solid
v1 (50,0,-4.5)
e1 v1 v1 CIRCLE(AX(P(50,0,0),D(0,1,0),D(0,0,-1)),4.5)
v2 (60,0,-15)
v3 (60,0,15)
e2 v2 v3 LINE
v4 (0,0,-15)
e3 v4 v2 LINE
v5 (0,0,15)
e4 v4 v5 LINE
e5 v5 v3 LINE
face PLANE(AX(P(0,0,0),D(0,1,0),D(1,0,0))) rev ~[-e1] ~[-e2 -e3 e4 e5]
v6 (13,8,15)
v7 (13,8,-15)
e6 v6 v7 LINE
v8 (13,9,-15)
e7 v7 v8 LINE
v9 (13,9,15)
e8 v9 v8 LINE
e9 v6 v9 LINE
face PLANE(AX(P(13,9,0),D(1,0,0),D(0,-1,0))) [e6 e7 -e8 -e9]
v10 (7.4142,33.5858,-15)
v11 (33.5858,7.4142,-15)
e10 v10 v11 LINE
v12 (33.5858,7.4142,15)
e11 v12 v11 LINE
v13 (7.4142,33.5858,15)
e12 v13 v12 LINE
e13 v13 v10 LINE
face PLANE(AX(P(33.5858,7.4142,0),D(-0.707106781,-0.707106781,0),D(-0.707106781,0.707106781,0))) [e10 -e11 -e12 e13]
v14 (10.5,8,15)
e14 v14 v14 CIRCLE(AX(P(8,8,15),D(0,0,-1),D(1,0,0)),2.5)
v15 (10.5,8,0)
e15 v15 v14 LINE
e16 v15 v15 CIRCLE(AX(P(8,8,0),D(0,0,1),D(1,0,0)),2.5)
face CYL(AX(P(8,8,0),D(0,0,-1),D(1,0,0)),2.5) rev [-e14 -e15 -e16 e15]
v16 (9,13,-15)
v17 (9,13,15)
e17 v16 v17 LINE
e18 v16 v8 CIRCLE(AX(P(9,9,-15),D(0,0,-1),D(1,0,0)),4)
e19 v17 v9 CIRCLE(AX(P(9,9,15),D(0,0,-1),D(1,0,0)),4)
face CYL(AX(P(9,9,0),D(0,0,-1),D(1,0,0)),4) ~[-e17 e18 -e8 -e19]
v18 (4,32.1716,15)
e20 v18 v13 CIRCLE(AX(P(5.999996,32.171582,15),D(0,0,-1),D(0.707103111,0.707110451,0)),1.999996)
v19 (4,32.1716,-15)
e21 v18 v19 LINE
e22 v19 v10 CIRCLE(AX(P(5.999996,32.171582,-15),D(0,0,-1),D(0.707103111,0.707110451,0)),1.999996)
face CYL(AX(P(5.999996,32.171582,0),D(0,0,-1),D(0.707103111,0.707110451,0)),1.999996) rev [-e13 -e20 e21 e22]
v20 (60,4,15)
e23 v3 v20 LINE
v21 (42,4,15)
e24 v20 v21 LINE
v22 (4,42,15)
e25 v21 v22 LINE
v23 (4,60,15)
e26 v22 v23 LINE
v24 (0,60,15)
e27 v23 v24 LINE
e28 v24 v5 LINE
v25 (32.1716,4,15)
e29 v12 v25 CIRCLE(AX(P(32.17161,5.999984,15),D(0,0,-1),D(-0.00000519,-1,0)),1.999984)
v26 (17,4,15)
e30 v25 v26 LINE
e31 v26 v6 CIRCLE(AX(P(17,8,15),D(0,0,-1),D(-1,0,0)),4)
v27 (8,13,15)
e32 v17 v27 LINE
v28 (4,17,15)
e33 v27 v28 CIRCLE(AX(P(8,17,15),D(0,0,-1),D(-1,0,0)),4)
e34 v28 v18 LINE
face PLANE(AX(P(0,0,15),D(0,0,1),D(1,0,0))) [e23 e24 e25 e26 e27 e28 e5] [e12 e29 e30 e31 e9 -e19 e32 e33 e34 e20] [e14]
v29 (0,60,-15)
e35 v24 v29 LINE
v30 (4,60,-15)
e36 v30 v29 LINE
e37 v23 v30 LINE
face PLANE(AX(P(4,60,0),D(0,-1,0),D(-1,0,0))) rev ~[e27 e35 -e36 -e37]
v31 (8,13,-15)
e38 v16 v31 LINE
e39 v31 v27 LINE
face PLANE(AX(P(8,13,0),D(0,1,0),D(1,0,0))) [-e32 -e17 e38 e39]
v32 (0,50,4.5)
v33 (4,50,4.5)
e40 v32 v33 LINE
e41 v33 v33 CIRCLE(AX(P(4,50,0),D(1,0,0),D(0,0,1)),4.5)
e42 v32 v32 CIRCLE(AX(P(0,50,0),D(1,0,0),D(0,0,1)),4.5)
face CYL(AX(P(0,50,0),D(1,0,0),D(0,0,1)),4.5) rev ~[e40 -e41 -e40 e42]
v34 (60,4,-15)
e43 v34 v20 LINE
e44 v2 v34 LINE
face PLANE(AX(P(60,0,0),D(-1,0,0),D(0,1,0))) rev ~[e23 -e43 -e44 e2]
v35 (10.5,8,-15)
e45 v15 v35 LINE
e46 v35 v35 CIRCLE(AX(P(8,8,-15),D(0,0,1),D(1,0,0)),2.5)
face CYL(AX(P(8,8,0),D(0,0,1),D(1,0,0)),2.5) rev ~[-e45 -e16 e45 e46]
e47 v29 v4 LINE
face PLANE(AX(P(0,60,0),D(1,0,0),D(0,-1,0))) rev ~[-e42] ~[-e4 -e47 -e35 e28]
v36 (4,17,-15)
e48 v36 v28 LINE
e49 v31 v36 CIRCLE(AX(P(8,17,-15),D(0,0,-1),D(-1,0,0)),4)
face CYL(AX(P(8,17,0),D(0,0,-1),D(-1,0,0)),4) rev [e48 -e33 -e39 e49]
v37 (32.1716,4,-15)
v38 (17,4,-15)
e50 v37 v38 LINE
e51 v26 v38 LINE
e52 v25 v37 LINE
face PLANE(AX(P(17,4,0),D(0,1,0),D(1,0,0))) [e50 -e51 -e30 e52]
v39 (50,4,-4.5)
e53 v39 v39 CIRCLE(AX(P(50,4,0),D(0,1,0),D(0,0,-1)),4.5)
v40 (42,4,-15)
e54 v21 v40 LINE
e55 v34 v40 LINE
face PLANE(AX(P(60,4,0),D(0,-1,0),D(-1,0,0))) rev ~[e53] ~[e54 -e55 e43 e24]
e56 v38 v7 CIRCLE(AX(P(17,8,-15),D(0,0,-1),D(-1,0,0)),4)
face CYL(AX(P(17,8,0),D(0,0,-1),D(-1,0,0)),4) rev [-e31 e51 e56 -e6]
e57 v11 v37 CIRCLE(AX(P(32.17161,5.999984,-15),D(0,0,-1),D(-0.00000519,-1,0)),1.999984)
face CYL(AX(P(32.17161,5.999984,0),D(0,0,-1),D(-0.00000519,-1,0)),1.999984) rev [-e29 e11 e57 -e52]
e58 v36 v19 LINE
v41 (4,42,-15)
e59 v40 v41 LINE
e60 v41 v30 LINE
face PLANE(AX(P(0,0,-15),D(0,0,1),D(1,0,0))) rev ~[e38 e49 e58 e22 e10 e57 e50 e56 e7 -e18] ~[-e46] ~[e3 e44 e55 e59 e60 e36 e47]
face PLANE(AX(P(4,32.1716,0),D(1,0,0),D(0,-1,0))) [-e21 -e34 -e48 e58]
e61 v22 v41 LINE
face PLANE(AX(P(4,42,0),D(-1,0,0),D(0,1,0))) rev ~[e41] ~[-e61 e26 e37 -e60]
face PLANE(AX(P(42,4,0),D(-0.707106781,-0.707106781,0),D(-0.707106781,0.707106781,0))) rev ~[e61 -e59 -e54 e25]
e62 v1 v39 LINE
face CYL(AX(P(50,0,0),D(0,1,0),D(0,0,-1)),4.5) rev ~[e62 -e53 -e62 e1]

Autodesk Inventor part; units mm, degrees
sketch "Skizze_1" plane through (0, 0, 0) normal (0, 0, 1) x (1, 0, 0)
  line L0 (0, 0) -> (60, 0)
  line L1 (60, 0) -> (60, 4)
  line L2 (60, 4) -> (42, 4)
  line L3 (42, 4) -> (4, 42)
  line L4 (4, 42) -> (4, 60)
  line L5 (4, 60) -> (0, 60)
  line L6 (0, 60) -> (0, 0)
extrude "Extrusion1" add sketch "Skizze_1" along normal mid plane 30
sketch "Skizze_2" plane through (0, 0, 0) normal (0, 0, 1) x (1, 0, 0)
  arc A0 (4, 17) -> (8, 13) centre (8, 17) ccw
  line L0 (8, 13) -> (9, 13)
  arc A1 (13, 9) -> (9, 13) centre (9, 9) ccw
  line L1 (13, 9) -> (13, 8)
  arc A2 (13, 8) -> (17, 4) centre (17, 8) ccw
  line L2 (17, 4) -> (32.1716, 4)
  arc A3 (32.1716, 4) -> (33.5858, 7.4142) centre (32.1716, 6) ccw
  line L3 (33.5858, 7.4142) -> (7.4142, 33.5858)
  arc A4 (7.4142, 33.5858) -> (4, 32.1716) centre (6, 32.1716) ccw
  line L4 (4, 32.1716) -> (4, 17)
extrude "Extrusion2" cut sketch "Skizze_2" along normal mid plane 32
sketch "Skizze_3" plane through (0, 0, 0) normal (0, 0, 1) x (1, 0, 0)
  circle A0 centre (8, 8) radius 2.5
extrude "Extrusion3" cut sketch "Skizze_3" along normal mid plane 32
sketch "Sketch4" plane through (0, 0, 15) normal (0, -1, 0) x (1, 0, 0)
  point P0 (50, -15)
hole "Drilling 2" at (50, 0, 0) direction (0, 1, 0) diameter 9 depth 5
sketch "Sketch5" plane through (0, 0, 15) normal (-1, 0, 0) x (0, 0, 1)
  point P0 (-15, 50)
hole "Drilling 3" at (0, 50, 0) direction (1, 0, 0) diameter 9 depth 5
ref_plane "cover_panel_hole_a_XY" through (8, 8, 15) normal (0, 0, 1) x (1, 0, 0)
ref_plane "cover_panel_hole_a_YZ" through (8, 8, 15) normal (1, 0, 0) x (0, 1, 0)
ref_plane "cover_panel_hole_a_ZX" through (8, 8, 15) normal (0, 1, 0) x (0, 0, 1)
ref_plane "cover_panel_hole_b_XY" through (8, 8, -15) normal (0, 0, -1) x (1, 0, 0)
ref_plane "cover_panel_hole_b_YZ" through (8, 8, -15) normal (1, 0, 0) x (0, -1, 0)
ref_plane "cover_panel_hole_b_ZX" through (8, 8, -15) normal (0, -1, 0) x (0, 0, -1)
ref_plane "side_1_XY" through (0, 30, 0) normal (-1, 0, 0) x (0, 0, 1)
ref_plane "side_1_YZ" through (0, 30, 0) normal (0, 0, 1) x (0, 1, 0)
ref_plane "side_1_ZX" through (0, 30, 0) normal (0, 1, 0) x (-1, 0, 0)
ref_plane "side_2_XY" through (30, 0, 0) normal (0, -1, 0) x (0, 0, 1)
ref_plane "side_2_YZ" through (30, 0, 0) normal (0, 0, 1) x (-1, 0, 0)
ref_plane "side_2_ZX" through (30, 0, 0) normal (-1, 0, 0) x (0, -1, 0)
properties part number "MayTec 1.46.20639_Angle Alu 60x60, D9.0, B30"
